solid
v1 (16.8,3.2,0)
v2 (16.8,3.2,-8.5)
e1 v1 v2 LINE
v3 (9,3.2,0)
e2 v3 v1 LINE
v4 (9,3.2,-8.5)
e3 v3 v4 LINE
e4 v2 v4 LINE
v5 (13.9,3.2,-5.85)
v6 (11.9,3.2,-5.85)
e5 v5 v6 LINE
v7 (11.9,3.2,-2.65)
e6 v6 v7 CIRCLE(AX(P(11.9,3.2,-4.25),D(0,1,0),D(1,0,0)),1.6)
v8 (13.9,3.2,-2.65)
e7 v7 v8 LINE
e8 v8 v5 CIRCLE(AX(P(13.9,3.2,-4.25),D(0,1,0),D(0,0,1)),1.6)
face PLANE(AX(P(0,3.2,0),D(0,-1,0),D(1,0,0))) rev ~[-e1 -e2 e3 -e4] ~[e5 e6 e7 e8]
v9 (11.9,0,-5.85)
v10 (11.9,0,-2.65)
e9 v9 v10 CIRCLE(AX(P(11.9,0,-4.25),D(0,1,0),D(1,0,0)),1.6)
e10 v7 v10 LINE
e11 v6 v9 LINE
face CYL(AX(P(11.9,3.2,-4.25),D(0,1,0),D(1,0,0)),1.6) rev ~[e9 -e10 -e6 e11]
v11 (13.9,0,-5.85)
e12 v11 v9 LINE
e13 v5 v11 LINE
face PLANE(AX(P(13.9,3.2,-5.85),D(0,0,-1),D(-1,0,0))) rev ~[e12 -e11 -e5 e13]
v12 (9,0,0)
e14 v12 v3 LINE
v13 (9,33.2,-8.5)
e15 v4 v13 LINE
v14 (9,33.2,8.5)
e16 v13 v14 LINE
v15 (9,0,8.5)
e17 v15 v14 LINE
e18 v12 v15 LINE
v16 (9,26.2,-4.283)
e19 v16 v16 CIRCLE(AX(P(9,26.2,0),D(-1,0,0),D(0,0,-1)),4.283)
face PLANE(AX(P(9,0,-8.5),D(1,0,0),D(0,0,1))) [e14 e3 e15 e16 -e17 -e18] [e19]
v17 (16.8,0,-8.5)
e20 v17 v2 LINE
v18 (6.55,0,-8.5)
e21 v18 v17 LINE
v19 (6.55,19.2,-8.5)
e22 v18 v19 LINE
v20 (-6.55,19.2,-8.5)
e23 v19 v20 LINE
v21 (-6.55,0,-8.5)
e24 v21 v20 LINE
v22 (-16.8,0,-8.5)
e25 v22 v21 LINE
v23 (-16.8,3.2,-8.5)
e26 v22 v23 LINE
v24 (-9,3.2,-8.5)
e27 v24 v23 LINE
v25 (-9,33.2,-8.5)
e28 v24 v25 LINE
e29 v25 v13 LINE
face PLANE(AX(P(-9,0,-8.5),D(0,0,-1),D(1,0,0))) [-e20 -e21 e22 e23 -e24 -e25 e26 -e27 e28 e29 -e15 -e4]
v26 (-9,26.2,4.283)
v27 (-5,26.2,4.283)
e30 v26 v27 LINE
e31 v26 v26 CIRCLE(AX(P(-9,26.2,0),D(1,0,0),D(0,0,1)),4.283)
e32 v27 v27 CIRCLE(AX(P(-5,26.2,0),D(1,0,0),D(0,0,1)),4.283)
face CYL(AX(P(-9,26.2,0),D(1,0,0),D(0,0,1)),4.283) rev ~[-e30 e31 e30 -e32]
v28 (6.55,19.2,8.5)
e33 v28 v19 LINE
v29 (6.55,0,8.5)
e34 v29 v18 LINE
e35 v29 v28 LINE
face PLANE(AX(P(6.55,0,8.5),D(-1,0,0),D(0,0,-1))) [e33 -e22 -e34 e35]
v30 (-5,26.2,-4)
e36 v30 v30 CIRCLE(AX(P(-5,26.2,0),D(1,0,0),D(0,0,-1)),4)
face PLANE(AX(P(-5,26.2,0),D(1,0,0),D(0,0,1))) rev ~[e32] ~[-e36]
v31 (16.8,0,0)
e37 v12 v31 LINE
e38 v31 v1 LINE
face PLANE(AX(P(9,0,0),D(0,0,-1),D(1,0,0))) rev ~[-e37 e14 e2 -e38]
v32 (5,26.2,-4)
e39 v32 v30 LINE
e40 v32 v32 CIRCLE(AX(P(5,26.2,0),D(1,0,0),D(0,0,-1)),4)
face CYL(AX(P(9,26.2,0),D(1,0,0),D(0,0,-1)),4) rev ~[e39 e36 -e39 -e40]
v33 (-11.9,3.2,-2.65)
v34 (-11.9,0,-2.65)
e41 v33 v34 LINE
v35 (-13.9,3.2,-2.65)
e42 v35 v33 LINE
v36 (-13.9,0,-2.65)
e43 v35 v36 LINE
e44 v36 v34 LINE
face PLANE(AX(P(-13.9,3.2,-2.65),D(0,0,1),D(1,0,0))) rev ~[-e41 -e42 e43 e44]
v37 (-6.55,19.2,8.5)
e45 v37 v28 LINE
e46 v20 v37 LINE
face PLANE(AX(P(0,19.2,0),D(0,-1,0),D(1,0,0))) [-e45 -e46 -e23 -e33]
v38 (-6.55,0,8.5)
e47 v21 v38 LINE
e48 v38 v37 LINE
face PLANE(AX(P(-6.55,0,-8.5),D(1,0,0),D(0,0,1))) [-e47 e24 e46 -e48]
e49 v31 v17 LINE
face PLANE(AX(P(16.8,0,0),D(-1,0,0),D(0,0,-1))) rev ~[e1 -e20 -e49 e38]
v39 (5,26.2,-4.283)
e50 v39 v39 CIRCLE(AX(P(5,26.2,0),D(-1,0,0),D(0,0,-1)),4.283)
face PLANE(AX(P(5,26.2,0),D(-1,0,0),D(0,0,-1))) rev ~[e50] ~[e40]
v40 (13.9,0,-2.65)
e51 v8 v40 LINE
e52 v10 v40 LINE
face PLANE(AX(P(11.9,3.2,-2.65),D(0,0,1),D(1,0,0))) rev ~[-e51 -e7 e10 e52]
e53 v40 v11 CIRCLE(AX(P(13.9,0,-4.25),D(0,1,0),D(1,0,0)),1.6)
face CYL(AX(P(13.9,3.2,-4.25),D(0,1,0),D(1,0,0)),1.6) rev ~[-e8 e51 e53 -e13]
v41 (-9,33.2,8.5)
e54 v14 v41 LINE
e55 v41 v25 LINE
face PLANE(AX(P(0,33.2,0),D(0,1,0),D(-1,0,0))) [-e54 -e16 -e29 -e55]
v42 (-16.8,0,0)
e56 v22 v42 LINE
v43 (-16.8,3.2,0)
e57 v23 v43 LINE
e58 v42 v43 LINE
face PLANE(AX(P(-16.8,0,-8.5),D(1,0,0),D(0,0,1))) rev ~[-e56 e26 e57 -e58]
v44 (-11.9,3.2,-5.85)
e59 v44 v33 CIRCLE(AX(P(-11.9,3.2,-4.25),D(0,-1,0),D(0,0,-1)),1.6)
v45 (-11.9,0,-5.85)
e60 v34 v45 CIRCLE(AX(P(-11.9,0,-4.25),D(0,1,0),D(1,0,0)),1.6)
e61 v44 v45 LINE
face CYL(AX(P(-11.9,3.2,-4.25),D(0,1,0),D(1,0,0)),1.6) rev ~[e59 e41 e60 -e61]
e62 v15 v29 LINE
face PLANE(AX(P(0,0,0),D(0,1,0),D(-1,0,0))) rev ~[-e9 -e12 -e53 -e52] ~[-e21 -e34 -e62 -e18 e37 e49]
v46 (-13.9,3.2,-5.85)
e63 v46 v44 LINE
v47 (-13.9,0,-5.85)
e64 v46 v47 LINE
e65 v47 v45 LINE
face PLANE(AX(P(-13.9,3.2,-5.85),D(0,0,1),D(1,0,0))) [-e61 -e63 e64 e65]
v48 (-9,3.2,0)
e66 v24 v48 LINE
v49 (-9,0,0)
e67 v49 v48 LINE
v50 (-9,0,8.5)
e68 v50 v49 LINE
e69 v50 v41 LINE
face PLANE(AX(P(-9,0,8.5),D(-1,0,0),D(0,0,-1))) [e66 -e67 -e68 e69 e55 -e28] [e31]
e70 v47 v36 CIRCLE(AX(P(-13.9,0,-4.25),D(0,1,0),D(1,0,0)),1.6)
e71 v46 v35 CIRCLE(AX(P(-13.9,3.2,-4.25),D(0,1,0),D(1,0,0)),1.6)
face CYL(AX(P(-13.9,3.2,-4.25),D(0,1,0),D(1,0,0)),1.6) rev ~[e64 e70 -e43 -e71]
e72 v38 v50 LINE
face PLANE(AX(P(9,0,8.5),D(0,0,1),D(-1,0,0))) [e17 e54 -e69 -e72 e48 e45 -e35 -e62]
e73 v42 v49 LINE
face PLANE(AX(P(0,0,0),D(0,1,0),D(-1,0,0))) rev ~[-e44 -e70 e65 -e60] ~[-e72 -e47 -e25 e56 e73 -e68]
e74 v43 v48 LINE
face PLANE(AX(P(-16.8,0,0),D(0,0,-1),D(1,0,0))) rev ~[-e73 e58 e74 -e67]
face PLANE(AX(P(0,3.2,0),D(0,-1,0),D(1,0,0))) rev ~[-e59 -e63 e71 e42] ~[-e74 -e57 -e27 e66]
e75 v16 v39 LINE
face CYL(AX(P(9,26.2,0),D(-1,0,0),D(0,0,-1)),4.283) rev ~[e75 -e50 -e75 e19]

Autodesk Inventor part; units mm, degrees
ref_plane "YZ Plane" through (0, 0, 0) normal (1, 0, 0) x (0, 1, 0)
ref_plane "XZ Plane" through (0, 0, 0) normal (0, 1, 0) x (-1, 0, 0)
ref_plane "XY Plane" through (0, 0, 0) normal (0, 0, 1) x (1, 0, 0)
sketch "Sketch1" plane through (0, 0, 0) normal (0, 1, 0) x (-1, 0, 0)
  line L0 (-9, 8.5) -> (9, 8.5)
  line L1 (9, 8.5) -> (9, -8.5)
  line L2 (9, -8.5) -> (-9, -8.5)
  line L3 (-9, -8.5) -> (-9, 8.5)
  line L4 (-9, 8.5) -> (9, -8.5) construction
  line L5 (9, 8.5) -> (-9, -8.5) construction
  point P0 (0, 0)
  dimension "d0" = 18
  dimension "d1" = 17
extrude "Extrusion1" add sketch "Sketch1" along normal blind 33.2
sketch "Sketch2" plane through (0, 0, 0) normal (0, -1, 0) x (1, 0, 0)
  line L0 (9, -8.5) -> (-9, -8.5) projected
  line L1 (-6.55, 8.5) -> (6.55, 8.5)
  line L2 (6.55, 8.5) -> (6.55, -8.5)
  line L3 (6.55, -8.5) -> (-6.55, -8.5)
  line L4 (-6.55, -8.5) -> (-6.55, 8.5)
  line L5 (-6.55, 8.5) -> (6.55, -8.5) construction
  line L6 (6.55, 8.5) -> (-6.55, -8.5) construction
  point P0 (0, 0)
  point P1 (-6.55, -8.5)
  dimension "d4" = 13.1
extrude "Extrusion2" cut sketch "Sketch2" against normal blind 19.2
sketch "Sketch4" plane through (0, 0, 0) normal (0, -1, 0) x (1, 0, 0)
  line L0 (9, 8.5) -> (9, -8.5) projected
  line L1 (9, 0) -> (16.8, 0)
  line L2 (16.8, 0) -> (16.8, -8.5)
  line L3 (16.8, -8.5) -> (9, -8.5)
  line L4 (9, -8.5) -> (9, 0)
  line L5 (-9, -8.5) -> (-9, 8.5) projected
  line L6 (-9, -8.5) -> (-16.8, -8.5)
  line L7 (-16.8, -8.5) -> (-16.8, 0)
  line L8 (-16.8, 0) -> (-9, 0)
  line L9 (-9, 0) -> (-9, -8.5)
  point P0 (0, 0)
  dimension "d7" = 7.8
  dimension "d8" = 7.8
extrude "Extrusion3" add sketch "Sketch4" against normal blind 3.2
sketch "Sketch5" plane through (0, 3.2, 0) normal (0, 1, 0) x (1, 0, 0)
  line L0 (9, 0) -> (9, 8.5) construction
  line L1 (9, 4.25) -> (11.9, 4.25) construction
  circle A0 centre (11.9, 4.25) radius 1.6
  line L2 (11.9, 4.25) -> (13.9, 4.25) construction
  circle A1 centre (13.9, 4.25) radius 1.6
  line L3 (13.9, 5.85) -> (11.9, 5.85)
  line L4 (11.9, 2.65) -> (13.9, 2.65)
  line L5 (-9, 8.5) -> (-9, 0) construction
  line L6 (-9, 4.25) -> (-11.9, 4.25) construction
  line L7 (-11.9, 4.25) -> (-13.9, 4.25) construction
  circle A2 centre (-11.9, 4.25) radius 1.6
  circle A3 centre (-13.9, 4.25) radius 1.6
  line L8 (-13.9, 5.85) -> (-11.9, 5.85)
  line L9 (-13.9, 2.65) -> (-11.9, 2.65)
  point P0 (0, 0)
  dimension "d11" = 2.9
  dimension "d12" = 3.2
  dimension "d13" = 2
  dimension "d14" = 3.2
  dimension "d17" = 2.9
  dimension "d18" = 2
  dimension "d19" = 3.2
  dimension "d20" = 3.2
extrude "Extrusion4" cut sketch "Sketch5" against normal through all
sketch "Sketch6" plane through (9, 0, 8.5) normal (1, 0, 0) x (0, 0, -1)
  line L0 (0, 33.2) -> (17, 33.2) construction
  line L1 (8.5, 33.2) -> (8.5, 26.2) construction
  circle A0 centre (8.5, 26.2) radius 4
  point P0 (8.5, 0)
  dimension "d21" = 7
  dimension "d22" = 8
extrude "Extrusion5" cut sketch "Sketch6" against normal through all
sketch "Sketch8" plane through (9, 0, 8.5) normal (1, 0, 0) x (0, 0, -1)
  line L0 (0, 33.2) -> (17, 33.2) construction
  line L1 (8.5, 33.2) -> (8.5, 26.2) construction
  point P0 (8.5, 0)
  dimension "d33" = 7
hole "Hole2" at (9, 26.2, 0) direction (-1, 0, 0) diameter 8.566 depth 4 thread size "G 1/8-28" standard "BSP Pipe Threads"
sketch "Sketch9" plane through (-9, 0, 8.5) normal (-1, 0, 0) x (0, 0, 1)
  line L0 (-17, 33.2) -> (0, 33.2) construction
  line L1 (-8.5, 33.2) -> (-8.5, 26.2) construction
  point P0 (-8.5, 0)
  dimension "d41" = 7
hole "Hole3" at (-9, 26.2, 0) direction (1, 0, 0) diameter 8.566 depth 4 thread size "G 1/8-28" standard "BSP Pipe Threads"
properties part number "ADAPTER_AOM-brimrose-watercooled-cover"
